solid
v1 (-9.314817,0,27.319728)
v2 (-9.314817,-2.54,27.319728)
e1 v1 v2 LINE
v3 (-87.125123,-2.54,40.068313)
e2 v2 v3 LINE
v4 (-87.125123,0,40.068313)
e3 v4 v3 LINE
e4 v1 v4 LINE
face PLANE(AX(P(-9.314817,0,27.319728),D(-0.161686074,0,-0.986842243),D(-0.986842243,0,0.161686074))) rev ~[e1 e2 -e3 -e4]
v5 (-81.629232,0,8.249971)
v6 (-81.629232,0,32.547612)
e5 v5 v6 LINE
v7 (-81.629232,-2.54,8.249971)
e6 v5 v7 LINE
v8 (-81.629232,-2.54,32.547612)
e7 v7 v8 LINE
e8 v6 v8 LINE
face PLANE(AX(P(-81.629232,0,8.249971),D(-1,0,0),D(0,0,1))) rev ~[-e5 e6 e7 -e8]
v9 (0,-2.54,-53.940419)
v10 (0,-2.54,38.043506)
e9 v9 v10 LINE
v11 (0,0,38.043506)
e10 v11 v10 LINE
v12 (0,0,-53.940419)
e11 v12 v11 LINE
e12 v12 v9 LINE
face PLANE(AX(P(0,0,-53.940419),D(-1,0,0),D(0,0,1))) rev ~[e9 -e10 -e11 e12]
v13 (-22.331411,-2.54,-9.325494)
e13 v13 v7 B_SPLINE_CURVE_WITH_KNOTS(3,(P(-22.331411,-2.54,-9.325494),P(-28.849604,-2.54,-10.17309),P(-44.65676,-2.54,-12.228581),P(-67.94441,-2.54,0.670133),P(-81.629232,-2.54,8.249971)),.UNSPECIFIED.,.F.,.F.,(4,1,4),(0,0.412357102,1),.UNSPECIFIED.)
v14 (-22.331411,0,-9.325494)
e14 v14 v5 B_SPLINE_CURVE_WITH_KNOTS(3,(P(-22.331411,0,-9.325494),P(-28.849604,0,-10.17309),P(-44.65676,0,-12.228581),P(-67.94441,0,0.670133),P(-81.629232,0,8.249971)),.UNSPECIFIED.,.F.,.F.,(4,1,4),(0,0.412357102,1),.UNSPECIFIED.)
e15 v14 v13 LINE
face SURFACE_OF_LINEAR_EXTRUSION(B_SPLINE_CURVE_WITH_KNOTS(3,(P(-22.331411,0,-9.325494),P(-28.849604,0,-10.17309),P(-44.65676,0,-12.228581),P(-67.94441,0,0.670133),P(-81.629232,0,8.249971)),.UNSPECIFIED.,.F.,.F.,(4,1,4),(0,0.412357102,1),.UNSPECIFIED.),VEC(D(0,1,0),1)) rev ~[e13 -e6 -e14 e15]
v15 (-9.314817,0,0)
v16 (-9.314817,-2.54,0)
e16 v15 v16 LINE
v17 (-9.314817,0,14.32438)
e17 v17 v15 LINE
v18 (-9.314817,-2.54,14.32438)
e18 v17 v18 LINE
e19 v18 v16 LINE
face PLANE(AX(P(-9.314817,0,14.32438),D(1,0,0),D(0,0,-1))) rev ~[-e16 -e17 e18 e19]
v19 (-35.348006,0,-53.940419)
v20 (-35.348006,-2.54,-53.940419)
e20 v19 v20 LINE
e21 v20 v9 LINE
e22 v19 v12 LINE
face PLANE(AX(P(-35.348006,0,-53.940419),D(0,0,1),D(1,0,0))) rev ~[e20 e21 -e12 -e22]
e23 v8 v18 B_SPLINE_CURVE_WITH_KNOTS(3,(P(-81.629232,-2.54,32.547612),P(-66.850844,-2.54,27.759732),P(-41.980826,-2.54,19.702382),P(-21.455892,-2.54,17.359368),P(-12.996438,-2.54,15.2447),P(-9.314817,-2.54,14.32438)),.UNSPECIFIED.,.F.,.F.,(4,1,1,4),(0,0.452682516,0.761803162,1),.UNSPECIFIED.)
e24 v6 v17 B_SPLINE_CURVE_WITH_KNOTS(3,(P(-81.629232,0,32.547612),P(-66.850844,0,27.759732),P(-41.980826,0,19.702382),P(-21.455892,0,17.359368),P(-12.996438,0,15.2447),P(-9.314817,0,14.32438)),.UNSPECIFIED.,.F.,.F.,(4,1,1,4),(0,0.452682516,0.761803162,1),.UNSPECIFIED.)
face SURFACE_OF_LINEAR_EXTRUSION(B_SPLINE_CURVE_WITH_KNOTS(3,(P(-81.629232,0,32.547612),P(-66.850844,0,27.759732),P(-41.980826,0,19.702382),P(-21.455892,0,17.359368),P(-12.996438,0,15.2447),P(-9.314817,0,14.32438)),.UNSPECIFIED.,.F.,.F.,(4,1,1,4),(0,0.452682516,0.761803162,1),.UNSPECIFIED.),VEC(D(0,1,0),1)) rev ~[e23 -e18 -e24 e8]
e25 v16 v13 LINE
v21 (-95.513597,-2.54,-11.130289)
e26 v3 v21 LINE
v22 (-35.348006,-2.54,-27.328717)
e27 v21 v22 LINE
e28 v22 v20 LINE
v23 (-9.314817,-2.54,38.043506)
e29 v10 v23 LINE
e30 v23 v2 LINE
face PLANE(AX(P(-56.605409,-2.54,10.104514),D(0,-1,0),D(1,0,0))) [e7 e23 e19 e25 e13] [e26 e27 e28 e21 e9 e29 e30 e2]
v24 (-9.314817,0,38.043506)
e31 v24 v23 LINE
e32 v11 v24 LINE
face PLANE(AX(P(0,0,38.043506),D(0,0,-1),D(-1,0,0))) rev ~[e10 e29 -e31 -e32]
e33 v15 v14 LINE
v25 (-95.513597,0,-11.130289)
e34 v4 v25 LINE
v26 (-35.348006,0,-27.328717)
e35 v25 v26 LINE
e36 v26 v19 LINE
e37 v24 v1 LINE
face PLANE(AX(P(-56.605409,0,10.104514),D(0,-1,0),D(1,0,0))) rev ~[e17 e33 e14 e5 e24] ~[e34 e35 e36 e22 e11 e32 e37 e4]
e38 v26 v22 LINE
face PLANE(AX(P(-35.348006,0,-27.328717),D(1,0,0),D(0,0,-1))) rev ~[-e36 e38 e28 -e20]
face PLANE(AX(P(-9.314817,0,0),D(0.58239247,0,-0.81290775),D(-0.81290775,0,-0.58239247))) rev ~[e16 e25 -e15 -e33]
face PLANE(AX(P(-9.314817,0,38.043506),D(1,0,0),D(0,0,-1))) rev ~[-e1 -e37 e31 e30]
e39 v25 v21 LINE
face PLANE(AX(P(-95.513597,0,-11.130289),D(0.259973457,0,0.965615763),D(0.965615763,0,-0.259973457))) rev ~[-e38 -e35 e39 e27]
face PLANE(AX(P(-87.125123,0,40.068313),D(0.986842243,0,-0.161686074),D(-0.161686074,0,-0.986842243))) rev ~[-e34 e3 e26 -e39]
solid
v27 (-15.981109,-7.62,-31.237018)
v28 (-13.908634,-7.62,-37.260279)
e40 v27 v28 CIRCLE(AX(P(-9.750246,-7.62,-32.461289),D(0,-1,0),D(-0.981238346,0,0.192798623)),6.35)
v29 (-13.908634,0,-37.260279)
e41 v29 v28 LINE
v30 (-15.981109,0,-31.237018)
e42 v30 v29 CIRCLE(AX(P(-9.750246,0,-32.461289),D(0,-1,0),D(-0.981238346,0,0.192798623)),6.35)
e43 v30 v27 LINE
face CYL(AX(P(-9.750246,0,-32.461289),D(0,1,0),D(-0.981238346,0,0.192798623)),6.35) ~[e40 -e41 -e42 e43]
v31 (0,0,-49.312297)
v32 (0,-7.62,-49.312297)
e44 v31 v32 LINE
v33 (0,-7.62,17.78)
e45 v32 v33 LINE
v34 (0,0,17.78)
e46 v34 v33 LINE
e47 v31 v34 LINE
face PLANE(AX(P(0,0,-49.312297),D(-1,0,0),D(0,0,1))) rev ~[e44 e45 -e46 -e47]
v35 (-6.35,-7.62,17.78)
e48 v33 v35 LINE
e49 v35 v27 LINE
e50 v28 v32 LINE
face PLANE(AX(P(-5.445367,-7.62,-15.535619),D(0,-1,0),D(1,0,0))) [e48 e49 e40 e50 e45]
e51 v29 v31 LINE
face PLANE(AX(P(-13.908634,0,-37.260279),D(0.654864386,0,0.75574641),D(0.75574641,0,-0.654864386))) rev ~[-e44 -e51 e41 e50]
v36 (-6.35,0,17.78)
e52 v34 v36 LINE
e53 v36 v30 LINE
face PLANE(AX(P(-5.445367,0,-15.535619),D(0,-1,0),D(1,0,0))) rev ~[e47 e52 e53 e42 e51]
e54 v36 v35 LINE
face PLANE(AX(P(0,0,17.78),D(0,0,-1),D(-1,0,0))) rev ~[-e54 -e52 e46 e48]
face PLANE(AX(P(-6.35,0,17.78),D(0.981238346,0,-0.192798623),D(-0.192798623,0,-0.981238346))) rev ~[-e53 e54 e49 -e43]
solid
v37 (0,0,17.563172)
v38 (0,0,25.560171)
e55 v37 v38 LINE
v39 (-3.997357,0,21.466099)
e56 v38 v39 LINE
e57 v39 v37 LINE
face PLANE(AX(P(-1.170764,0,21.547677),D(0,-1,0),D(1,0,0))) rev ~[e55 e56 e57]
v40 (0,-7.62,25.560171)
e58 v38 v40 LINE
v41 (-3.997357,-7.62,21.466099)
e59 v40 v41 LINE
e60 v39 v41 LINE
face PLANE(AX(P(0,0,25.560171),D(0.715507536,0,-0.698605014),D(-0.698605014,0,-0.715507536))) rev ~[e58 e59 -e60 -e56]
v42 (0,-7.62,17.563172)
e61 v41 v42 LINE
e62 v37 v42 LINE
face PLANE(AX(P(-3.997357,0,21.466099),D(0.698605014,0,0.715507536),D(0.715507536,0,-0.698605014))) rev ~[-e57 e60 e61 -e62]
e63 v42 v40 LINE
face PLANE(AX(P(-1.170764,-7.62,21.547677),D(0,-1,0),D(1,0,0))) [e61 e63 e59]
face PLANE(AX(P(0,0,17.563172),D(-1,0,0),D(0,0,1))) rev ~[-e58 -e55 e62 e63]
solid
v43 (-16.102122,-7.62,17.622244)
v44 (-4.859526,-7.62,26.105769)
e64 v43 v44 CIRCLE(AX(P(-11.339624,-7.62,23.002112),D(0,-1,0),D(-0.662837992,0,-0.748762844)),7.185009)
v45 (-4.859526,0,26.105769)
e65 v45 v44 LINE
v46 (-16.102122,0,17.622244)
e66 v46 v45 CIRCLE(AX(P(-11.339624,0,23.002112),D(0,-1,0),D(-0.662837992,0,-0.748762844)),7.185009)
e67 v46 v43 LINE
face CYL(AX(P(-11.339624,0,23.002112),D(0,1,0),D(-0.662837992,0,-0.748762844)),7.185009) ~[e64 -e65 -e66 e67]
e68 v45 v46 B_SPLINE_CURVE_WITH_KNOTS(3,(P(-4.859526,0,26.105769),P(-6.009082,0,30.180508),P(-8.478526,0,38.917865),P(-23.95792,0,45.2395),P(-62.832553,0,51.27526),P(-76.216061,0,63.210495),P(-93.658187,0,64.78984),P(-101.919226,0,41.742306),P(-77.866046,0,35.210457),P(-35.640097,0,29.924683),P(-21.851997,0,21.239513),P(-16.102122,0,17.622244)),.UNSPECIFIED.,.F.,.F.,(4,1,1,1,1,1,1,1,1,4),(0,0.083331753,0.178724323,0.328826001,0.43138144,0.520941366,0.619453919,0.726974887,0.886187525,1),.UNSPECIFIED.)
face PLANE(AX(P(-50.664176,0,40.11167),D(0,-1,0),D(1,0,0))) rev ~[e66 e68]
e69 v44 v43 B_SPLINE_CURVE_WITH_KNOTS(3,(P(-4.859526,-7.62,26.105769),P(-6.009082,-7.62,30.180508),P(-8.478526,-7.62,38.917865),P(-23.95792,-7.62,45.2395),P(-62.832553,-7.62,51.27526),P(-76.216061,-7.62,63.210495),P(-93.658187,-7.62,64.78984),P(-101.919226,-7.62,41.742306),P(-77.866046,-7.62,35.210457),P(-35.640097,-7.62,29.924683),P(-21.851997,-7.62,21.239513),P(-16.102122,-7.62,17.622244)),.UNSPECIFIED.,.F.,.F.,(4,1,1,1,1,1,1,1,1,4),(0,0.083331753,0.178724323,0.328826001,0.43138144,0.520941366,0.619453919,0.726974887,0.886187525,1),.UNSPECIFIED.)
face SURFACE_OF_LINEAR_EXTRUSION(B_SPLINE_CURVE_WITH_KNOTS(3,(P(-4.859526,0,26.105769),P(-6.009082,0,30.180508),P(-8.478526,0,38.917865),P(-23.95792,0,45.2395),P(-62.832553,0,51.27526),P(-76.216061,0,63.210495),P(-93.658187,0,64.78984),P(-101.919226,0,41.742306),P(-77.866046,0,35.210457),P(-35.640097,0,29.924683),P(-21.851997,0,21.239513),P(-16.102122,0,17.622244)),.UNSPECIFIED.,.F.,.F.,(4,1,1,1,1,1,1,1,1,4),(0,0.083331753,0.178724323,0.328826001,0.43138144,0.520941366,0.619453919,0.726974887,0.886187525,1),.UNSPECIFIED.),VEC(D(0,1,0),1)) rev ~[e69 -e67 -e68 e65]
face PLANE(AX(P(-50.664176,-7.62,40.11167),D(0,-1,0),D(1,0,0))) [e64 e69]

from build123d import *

# Parameters (mm, degrees)
F2_DEPTH = 7.62
F3_DEPTH = 2.54
F5_DEPTH = 7.62


with BuildPart() as f2:
    # F0 (on Front) → F2 (new body)
    with BuildSketch(Plane.XZ):
        with BuildLine():
            add(Edge.make_bspline(
                [(-4.8595262734, 26.105769272), (-6.0090820096, 30.1805077209), (-8.478526372, 38.91786545), (-23.9579202154, 45.2394997162), (-62.8325530371, 51.2752596857), (-76.2160611065, 63.2104947297), (-93.6581867771, 64.7898399659), (-101.9192264472, 41.7423062064), (-77.8660457322, 35.2104570619), (-35.6400972038, 29.9246830601), (-21.8519970914, 21.239513391), (-16.1021215498, 17.622244293)],
                knots=[0, 0, 0, 0, 0.0833317529, 0.1787243233, 0.3288260013, 0.4313814402, 0.5209413659, 0.6194539188, 0.7269748874, 0.8861875249, 1, 1, 1, 1], degree=3))
            ThreePointArc((-16.1021215498, 17.622244293), (-7.0117973227, 17.2667595253), (-4.8595262734, 26.105769272))
        make_face()
    extrude(amount=F2_DEPTH)


with BuildPart() as f2b:
    # F0 (on Front) → F2, piece 2 (new body)
    with BuildSketch(Plane.XZ):
        with BuildLine():
            Line((0, -49.3122972548), (0, 0))
            Line((0, 0), (0, 17.78))
            Line((0, 17.78), (-6.35, 17.78))
            Line((-6.35, 17.78), (-15.9811091455, -31.2370182301))
            ThreePointArc((-15.9811091455, -31.2370182301), (-15.7547488947, -34.5273100042), (-13.9086344996, -37.2602791883))
            Line((-13.9086344996, -37.2602791883), (0, -49.3122972548))
        make_face()
    extrude(amount=F2_DEPTH)


with BuildPart() as f3:
    # F1 (on Front) → F3 (new body)
    with BuildSketch(Plane.XZ):
        with BuildLine():
            Line((-9.3148173764, 14.3243800849), (-9.3148173764, 27.3197279042))
            Line((-9.3148173764, 27.3197279042), (-87.1251225471, 40.0683134794))
            Line((-87.1251225471, 40.0683134794), (-95.5135971308, -11.1302891746))
            Line((-95.5135971308, -11.1302891746), (-35.3480055928, -27.328716591))
            Line((-35.3480055928, -27.328716591), (-35.3480055928, -18.6509881169))
            Line((-35.3480055928, -18.6509881169), (-22.3314114846, -9.3254940584))
            add(Edge.make_bspline(
                [(-22.3314114846, -9.3254940584), (-28.8496043726, -10.173090338), (-44.6567600234, -12.2285812617), (-67.9444096485, 0.6701331571), (-81.6292315722, 8.2499710843)],
                knots=[0, 0, 0, 0, 0.4123571016, 1, 1, 1, 1], degree=3))
            Line((-81.6292315722, 8.2499710843), (-81.6292315722, 32.5476117432))
            add(Edge.make_bspline(
                [(-81.6292315722, 32.5476117432), (-66.8508440324, 27.7597324144), (-41.9808259495, 19.7023821002), (-21.4558919726, 17.3593682896), (-12.9964378097, 15.2447001521), (-9.3148173764, 14.3243800849)],
                knots=[0, 0, 0, 0, 0.4526825159, 0.761803162, 1, 1, 1, 1], degree=3))
        make_face()
        Polygon((-35.3480055928, -53.9404191077), (-9.3148173764, -53.9404191077), (-9.3148173764, -18.6509881169), (-35.3480055928, -18.6509881169), (-35.3480055928, -27.328716591), align=None)
        Polygon((-35.3480055928, -18.6509881169), (-9.3148173764, -18.6509881169), (-9.3148173764, 0), (-22.3314114846, -9.3254940584), align=None)
        Polygon((0, -53.9404191077), (0, 38.0435064435), (-9.3148173764, 38.0435064435), (-9.3148173764, 27.3197279042), (-9.3148173764, 14.3243800849), (-9.3148173764, 0), (-9.3148173764, -18.6509881169), (-9.3148173764, -53.9404191077), align=None)
    extrude(amount=F3_DEPTH)


with BuildPart() as f5:
    # F4 (on Front) → F5 (new body)
    with BuildSketch(Plane.XZ):
        Polygon((-3.9973570965, 21.4660987258), (0, 17.5631716847), (0, 25.5601705824), align=None)
    extrude(amount=F5_DEPTH)


solid = Compound([f2.part, f2b.part, f3.part, f5.part])
